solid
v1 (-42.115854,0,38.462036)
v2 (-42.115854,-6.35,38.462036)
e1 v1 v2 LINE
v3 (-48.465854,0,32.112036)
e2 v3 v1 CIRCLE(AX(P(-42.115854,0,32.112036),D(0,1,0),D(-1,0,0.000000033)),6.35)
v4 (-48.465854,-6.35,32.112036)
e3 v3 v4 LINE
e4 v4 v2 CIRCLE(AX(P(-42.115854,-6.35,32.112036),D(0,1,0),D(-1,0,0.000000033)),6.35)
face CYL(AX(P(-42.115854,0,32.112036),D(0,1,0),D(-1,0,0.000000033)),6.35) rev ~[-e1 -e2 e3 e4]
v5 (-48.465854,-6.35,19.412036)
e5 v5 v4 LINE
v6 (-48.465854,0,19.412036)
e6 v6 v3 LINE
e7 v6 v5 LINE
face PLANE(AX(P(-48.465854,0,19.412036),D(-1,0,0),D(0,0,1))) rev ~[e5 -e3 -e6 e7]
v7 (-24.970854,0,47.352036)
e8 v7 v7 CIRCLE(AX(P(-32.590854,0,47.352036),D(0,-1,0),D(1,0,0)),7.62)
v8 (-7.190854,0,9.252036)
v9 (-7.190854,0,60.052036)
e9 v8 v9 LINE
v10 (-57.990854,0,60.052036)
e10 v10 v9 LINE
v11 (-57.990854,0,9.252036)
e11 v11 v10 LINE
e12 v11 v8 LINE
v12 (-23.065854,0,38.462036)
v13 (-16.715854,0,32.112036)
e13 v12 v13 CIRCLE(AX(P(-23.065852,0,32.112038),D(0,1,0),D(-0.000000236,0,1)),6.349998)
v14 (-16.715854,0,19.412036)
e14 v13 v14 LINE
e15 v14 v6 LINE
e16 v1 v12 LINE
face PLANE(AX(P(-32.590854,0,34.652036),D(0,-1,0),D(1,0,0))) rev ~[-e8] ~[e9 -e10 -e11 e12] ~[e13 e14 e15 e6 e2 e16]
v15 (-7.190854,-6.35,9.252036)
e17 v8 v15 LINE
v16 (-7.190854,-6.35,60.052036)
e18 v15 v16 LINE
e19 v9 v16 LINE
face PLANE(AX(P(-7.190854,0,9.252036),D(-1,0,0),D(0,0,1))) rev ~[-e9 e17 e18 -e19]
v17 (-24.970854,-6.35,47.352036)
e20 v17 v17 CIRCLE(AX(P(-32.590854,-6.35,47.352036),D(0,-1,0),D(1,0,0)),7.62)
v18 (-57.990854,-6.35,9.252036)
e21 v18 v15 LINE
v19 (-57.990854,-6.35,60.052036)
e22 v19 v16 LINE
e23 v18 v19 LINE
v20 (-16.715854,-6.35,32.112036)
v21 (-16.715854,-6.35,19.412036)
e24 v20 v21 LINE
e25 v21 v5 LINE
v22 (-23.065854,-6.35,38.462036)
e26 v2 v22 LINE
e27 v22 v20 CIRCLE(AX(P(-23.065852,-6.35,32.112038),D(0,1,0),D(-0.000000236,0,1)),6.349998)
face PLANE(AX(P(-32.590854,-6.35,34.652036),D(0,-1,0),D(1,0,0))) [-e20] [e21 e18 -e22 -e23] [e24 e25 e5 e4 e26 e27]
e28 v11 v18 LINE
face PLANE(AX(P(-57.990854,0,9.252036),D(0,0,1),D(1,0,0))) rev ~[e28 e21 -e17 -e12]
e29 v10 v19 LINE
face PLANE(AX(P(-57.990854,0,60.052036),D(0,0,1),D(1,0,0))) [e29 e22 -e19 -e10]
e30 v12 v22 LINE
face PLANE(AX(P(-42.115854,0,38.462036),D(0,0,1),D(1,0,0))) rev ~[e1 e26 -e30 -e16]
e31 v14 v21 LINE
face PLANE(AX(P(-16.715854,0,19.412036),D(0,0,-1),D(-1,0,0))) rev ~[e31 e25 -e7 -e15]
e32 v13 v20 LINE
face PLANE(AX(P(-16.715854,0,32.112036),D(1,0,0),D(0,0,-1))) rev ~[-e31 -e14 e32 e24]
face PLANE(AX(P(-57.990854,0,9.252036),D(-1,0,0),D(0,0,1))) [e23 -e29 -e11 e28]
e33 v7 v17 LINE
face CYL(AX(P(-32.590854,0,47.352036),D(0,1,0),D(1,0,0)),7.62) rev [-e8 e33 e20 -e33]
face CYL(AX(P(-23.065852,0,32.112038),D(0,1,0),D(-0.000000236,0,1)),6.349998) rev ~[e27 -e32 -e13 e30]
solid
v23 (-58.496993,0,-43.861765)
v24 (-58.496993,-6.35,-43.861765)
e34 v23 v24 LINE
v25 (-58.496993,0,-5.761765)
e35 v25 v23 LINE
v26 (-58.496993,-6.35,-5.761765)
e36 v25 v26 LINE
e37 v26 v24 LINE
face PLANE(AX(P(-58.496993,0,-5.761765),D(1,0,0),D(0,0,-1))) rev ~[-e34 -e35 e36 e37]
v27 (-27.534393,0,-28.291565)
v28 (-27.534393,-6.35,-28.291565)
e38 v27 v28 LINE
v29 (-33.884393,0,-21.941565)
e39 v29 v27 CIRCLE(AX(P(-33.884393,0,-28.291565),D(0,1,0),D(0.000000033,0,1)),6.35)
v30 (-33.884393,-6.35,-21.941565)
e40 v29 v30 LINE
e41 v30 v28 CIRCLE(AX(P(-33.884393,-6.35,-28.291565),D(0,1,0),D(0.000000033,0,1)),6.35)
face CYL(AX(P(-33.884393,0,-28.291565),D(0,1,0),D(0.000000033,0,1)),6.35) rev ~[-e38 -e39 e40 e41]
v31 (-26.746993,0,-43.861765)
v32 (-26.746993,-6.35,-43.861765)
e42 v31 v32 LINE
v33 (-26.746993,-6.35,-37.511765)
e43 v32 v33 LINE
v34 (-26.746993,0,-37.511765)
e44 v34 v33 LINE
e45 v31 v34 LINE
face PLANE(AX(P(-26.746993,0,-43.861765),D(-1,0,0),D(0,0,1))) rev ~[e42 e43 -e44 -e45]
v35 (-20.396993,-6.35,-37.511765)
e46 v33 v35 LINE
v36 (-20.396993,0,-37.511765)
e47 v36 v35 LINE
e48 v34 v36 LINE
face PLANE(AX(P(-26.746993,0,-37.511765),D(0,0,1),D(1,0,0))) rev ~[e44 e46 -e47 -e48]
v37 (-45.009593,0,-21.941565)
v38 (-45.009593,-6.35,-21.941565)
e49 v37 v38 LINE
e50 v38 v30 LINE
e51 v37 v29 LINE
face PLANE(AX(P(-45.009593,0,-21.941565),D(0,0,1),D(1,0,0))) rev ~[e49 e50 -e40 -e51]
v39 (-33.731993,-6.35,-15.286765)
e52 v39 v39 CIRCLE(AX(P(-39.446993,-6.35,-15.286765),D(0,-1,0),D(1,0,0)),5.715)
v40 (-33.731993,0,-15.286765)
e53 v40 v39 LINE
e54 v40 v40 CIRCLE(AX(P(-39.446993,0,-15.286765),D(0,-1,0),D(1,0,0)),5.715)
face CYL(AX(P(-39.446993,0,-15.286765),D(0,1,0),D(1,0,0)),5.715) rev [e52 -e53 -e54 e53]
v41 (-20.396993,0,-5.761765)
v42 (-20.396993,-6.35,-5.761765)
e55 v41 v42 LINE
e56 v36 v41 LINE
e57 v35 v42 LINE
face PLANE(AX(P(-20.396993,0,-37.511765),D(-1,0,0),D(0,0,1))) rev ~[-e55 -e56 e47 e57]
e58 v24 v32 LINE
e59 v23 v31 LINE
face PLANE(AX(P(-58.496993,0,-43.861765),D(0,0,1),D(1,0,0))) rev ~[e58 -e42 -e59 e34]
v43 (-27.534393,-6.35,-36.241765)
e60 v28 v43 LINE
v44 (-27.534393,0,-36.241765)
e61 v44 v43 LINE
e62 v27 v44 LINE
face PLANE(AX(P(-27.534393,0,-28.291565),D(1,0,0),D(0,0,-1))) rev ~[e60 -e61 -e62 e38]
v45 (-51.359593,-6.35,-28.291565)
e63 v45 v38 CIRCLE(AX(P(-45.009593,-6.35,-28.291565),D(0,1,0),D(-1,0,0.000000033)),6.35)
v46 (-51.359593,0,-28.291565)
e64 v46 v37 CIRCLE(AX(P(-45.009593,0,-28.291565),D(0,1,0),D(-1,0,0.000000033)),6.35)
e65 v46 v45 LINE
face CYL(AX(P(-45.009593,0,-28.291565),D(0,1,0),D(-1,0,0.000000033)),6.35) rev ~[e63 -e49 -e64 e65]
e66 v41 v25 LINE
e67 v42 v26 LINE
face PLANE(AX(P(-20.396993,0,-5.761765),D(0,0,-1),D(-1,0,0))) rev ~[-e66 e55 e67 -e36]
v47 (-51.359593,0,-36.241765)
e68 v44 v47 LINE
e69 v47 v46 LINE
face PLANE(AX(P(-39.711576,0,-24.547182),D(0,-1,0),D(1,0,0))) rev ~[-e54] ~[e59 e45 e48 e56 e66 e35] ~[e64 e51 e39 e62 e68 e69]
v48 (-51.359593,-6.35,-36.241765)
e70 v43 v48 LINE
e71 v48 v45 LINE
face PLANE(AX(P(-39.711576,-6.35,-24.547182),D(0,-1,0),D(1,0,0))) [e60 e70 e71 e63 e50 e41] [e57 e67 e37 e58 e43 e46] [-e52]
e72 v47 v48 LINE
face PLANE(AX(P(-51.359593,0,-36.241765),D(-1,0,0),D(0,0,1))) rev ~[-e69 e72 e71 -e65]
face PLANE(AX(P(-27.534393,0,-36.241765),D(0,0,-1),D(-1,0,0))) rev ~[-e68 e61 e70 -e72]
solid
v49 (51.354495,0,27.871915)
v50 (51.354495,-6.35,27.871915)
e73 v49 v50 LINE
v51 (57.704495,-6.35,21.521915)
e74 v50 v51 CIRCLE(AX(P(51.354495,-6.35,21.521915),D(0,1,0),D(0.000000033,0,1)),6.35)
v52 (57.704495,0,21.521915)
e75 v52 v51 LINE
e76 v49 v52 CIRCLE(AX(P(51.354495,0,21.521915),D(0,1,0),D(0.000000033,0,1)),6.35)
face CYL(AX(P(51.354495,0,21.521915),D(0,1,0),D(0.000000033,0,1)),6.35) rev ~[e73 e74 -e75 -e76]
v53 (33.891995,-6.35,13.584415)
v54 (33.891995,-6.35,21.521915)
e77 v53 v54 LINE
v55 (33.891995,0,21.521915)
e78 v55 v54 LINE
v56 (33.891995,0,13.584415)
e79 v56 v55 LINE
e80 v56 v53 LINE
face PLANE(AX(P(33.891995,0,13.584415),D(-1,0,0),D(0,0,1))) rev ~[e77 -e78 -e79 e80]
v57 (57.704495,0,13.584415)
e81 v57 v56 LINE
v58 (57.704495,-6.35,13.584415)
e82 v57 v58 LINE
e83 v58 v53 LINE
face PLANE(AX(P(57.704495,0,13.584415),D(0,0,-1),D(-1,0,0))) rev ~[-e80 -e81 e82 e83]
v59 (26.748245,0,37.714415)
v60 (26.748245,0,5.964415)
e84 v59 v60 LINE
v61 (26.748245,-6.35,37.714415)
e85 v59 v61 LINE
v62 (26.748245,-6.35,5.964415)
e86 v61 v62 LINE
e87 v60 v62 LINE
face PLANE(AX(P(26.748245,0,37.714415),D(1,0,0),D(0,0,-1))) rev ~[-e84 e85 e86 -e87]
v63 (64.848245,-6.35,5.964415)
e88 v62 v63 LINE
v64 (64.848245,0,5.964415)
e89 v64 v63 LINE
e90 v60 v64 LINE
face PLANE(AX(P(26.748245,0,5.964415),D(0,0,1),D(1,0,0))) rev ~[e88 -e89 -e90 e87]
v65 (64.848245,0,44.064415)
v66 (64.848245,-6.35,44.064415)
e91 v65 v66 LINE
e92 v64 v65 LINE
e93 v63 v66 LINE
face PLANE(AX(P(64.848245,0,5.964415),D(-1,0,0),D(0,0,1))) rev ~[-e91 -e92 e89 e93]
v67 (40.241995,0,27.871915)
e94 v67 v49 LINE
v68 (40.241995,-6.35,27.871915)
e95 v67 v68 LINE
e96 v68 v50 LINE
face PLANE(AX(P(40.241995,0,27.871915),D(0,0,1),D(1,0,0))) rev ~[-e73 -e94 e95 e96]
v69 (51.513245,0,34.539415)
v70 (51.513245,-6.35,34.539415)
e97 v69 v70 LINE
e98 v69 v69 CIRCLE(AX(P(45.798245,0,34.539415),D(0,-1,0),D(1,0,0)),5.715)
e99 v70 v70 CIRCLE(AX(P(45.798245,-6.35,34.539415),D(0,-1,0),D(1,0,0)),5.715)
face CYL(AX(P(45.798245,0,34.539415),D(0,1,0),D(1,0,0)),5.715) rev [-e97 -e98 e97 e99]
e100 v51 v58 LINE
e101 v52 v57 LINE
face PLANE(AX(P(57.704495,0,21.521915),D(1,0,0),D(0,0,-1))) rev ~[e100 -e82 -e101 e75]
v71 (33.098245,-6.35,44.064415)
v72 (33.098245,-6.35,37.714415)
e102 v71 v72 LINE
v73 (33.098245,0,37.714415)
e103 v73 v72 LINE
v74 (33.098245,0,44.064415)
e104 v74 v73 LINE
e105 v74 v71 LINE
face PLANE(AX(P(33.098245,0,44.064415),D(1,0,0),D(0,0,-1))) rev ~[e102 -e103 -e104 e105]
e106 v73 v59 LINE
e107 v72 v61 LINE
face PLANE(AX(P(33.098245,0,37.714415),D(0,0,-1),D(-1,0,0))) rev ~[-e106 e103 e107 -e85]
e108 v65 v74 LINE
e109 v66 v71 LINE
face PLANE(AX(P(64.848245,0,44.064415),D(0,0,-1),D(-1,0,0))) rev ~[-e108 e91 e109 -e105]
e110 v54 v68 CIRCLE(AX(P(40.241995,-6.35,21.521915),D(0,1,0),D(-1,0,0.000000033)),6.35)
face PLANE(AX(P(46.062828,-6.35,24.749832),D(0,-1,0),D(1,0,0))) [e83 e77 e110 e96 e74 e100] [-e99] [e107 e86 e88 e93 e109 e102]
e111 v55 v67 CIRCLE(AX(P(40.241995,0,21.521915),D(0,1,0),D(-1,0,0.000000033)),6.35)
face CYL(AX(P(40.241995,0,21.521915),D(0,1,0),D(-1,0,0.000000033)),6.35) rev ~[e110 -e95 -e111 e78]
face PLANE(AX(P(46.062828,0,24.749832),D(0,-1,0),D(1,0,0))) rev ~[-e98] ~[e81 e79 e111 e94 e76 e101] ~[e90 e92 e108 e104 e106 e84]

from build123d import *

# Parameters (mm, degrees)
F0_W     = 50.8
F0_H     = 50.8
F0_R     = 7.62
F3_DEPTH = 6.35
F1_R     = 5.715
F2_R     = 5.715
F4_DEPTH = 6.35


with BuildPart() as f3:
    # F0 (on Front) → F3 (new body)
    with BuildSketch(Plane.XZ):
        with Locations((-32.590854, 34.652036)):
            Rectangle(F0_W, F0_H)
        with BuildLine():
            ThreePointArc((-48.465854, 32.112036), (-46.605982, 36.602164), (-42.115854, 38.462036))
            Line((-42.115854, 38.462036), (-23.065854, 38.462036))
            ThreePointArc((-23.065854, 38.462036), (-18.575725, 36.602164), (-16.715854, 32.112036))
            Line((-16.715854, 32.112036), (-16.715854, 19.412036))
            Line((-16.715854, 19.412036), (-48.465854, 19.412036))
            Line((-48.465854, 19.412036), (-48.465854, 32.112036))
        make_face(mode=Mode.SUBTRACT)
        with Locations((-32.590854, 47.352036)):
            Circle(F0_R, mode=Mode.SUBTRACT)
    extrude(amount=F3_DEPTH)


with BuildPart() as f4:
    # F1 (on Front) + F2 (on Front) → F4 (new body)
    with BuildSketch(Plane.XZ):
        Polygon((64.848245, 44.064415), (33.098245, 44.064415), (33.098245, 37.714415), (26.748245, 37.714415), (26.748245, 5.964415), (64.848245, 5.964415), align=None)
        with BuildLine():
            ThreePointArc((33.891995, 21.521915), (35.751867, 26.012043), (40.241995, 27.871915))
            Line((40.241995, 27.871915), (51.354495, 27.871915))
            ThreePointArc((51.354495, 27.871915), (55.844623, 26.012043), (57.704495, 21.521915))
            Line((57.704495, 21.521915), (57.704495, 13.584415))
            Line((57.704495, 13.584415), (33.891995, 13.584415))
            Line((33.891995, 13.584415), (33.891995, 21.521915))
        make_face(mode=Mode.SUBTRACT)
        with Locations((45.798245, 34.539415)):
            Circle(F1_R, mode=Mode.SUBTRACT)
    with BuildSketch(Plane.XZ):
        Polygon((-20.396993, -5.761765), (-58.496993, -5.761765), (-58.496993, -43.861765), (-26.746993, -43.861765), (-26.746993, -37.511765), (-20.396993, -37.511765), align=None)
        with BuildLine():
            ThreePointArc((-51.359593, -28.291565), (-49.499721, -23.801437), (-45.009593, -21.941565))
            Line((-45.009593, -21.941565), (-33.884393, -21.941565))
            ThreePointArc((-33.884393, -21.941565), (-29.394265, -23.801437), (-27.534393, -28.291565))
            Line((-27.534393, -28.291565), (-27.534393, -36.241765))
            Line((-27.534393, -36.241765), (-51.359593, -36.241765))
            Line((-51.359593, -36.241765), (-51.359593, -28.291565))
        make_face(mode=Mode.SUBTRACT)
        with Locations((-39.446993, -15.286765)):
            Circle(F2_R, mode=Mode.SUBTRACT)
    extrude(amount=F4_DEPTH)


solid = Compound([f3.part, f4.part])
